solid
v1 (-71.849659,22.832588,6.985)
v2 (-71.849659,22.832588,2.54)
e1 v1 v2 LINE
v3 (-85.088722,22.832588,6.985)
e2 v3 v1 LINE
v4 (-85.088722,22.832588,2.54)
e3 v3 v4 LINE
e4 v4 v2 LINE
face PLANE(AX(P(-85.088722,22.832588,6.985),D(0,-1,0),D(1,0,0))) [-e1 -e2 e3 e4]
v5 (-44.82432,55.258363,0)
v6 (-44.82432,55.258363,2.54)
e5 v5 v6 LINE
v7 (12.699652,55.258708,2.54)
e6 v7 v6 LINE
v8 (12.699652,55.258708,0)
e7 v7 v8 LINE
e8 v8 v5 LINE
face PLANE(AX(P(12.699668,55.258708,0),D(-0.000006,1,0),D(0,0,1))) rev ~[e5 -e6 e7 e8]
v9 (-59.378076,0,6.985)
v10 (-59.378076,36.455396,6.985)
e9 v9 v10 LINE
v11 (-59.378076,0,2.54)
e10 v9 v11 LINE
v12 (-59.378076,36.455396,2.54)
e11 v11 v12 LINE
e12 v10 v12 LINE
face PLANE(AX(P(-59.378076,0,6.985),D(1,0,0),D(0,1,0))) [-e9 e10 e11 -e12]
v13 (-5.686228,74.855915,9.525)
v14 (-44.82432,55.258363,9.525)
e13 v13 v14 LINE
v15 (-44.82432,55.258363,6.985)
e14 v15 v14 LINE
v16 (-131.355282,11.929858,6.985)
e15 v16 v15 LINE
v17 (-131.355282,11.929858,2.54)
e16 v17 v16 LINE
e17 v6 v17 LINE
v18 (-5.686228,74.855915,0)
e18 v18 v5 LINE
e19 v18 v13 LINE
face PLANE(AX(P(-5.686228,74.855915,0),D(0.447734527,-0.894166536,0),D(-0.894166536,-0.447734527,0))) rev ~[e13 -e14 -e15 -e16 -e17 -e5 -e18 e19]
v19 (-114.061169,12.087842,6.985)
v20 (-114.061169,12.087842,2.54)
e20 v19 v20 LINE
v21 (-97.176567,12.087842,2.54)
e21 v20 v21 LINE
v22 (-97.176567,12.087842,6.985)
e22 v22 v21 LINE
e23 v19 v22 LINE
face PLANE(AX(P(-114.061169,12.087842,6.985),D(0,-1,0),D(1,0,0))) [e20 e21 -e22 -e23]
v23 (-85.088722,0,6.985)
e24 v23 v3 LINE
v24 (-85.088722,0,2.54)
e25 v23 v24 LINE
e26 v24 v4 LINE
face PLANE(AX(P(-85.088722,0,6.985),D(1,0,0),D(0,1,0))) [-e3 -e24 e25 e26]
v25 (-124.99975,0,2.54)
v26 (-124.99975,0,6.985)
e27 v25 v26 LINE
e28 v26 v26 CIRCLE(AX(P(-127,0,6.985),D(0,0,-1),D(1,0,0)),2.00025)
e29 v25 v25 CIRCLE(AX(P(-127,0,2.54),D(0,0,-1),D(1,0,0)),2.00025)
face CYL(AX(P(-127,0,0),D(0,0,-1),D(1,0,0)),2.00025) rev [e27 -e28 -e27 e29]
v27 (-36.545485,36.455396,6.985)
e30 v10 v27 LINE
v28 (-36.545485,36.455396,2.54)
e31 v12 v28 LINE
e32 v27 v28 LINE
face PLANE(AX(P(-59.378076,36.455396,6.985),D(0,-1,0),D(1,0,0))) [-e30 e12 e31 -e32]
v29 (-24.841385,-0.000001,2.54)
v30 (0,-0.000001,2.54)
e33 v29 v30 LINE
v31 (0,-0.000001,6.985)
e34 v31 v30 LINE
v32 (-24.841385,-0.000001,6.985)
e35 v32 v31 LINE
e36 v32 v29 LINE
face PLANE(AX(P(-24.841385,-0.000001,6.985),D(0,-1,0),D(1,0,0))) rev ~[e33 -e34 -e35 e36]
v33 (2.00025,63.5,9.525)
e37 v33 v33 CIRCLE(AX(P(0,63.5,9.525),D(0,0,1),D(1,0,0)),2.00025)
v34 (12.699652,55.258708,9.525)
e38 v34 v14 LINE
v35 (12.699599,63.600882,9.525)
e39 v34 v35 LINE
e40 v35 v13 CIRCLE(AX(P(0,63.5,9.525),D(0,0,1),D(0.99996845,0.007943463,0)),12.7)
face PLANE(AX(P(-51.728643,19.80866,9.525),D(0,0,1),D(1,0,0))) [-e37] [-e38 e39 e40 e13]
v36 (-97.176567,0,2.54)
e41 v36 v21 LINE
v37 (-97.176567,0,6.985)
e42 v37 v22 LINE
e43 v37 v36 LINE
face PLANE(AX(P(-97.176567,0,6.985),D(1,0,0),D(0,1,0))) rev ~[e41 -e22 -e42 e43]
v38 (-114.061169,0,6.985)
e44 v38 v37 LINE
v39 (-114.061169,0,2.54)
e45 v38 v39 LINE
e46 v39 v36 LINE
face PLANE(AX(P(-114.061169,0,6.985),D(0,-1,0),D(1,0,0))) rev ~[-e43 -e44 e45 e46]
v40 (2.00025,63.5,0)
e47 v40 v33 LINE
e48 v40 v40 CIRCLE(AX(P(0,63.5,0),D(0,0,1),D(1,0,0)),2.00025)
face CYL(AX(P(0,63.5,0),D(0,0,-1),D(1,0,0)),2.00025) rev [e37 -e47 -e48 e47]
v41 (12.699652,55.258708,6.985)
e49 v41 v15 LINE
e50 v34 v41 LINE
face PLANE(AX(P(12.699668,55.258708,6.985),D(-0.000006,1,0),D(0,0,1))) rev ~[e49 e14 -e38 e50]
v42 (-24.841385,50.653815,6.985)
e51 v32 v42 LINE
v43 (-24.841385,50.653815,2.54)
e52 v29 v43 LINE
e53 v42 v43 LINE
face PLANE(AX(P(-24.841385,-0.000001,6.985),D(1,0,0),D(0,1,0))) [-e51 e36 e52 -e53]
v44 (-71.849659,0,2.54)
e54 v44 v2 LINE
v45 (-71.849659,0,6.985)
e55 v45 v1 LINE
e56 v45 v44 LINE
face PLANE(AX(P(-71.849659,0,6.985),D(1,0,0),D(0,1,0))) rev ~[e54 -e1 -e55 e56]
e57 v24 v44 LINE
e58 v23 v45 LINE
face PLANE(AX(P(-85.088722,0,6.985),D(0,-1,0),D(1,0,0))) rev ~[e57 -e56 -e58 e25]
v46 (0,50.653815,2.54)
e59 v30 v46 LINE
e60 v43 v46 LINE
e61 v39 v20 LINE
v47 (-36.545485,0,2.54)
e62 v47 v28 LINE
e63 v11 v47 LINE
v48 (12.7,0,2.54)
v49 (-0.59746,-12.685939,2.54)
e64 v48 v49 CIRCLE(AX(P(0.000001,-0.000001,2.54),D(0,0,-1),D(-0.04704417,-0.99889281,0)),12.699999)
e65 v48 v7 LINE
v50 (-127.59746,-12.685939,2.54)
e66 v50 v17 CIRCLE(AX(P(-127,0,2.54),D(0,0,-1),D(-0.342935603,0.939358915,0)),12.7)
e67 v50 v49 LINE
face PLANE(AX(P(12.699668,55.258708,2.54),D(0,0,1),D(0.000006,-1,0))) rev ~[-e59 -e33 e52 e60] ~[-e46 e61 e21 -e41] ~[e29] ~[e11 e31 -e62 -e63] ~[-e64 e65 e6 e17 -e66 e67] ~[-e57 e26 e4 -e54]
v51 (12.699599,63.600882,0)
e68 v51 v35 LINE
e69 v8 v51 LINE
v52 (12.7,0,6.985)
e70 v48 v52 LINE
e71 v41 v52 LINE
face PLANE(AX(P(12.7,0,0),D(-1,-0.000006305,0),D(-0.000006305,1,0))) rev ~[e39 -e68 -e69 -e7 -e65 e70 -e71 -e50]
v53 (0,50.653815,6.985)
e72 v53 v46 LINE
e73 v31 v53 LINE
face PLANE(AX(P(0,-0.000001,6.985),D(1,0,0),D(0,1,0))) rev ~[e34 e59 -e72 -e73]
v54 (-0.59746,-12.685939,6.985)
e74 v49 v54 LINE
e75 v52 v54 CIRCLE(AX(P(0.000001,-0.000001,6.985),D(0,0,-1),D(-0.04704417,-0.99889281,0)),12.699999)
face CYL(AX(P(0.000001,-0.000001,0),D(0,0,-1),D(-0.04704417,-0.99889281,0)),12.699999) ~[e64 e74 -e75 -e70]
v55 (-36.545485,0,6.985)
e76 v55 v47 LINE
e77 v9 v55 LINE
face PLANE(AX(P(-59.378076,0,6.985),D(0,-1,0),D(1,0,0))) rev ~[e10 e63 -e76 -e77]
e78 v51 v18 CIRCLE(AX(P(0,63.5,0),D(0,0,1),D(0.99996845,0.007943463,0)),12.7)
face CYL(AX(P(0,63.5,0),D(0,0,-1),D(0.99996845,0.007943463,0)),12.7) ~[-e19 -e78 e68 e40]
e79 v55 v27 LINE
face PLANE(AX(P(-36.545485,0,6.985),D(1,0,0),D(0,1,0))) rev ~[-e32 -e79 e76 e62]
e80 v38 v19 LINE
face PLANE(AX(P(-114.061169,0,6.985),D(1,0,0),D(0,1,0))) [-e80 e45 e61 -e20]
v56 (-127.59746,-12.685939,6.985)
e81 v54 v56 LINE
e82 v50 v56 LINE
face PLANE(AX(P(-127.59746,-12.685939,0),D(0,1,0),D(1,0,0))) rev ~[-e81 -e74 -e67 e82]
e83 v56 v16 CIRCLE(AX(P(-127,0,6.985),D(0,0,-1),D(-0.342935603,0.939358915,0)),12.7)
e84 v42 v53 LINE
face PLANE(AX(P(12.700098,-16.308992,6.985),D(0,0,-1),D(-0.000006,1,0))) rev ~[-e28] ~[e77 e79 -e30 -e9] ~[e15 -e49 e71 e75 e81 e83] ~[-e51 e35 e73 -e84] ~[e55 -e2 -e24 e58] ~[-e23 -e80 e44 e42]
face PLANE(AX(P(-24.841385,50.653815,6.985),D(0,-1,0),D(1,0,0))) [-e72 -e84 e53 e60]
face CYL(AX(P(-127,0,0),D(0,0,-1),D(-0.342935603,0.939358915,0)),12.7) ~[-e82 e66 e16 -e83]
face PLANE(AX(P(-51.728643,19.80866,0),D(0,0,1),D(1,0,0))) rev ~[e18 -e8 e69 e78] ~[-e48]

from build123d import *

# Parameters (mm, degrees)
F0_R     = 2.00025
F1_DEPTH = 9.525
F2_W     = 55.258708
F2_H     = 2.54
F2_W_2   = 16.308993
F3_DEPTH = 152.40108
F4_W     = 16.884602
F4_H     = 12.087842
F4_W_2   = 13.239063
F4_H_2   = 22.832589
F4_W_3   = 22.832591
F4_H_3   = 36.455397
F4_W_4   = 24.841385
F4_H_4   = 50.653815
F5_DEPTH = 25.4


with BuildPart() as f1:
    # F0 (on Top) → F1 (new body)
    with BuildSketch(Plane.XY):
        with BuildLine():
            Line((12.7, 0), (12.699599, 63.600882))
            ThreePointArc((12.699599, 63.600882), (6.63067, 74.33163), (-5.686228, 74.855915))
            Line((-5.686228, 74.855915), (-131.355282, 11.929858))
            ThreePointArc((-131.355282, 11.929858), (-139.554552, -1.916565), (-127.59746, -12.685939))
            Line((-127.59746, -12.685939), (-0.59746, -12.685939))
            ThreePointArc((-0.59746, -12.685939), (8.766478, -9.189063), (12.7, 0))
        make_face()
        with Locations((-127, 0)):
            Circle(F0_R, mode=Mode.SUBTRACT)
        with Locations((0, 63.5)):
            Circle(F0_R, mode=Mode.SUBTRACT)
    extrude(amount=F1_DEPTH)

    # F2 (on face) → F3 (cut, through all)
    with BuildSketch(Plane(origin=(12.7, 8e-05, 0), x_dir=(-6e-06, 1, 0), z_dir=(1, 6e-06, 0))):
        with Locations((27.629274, 8.255)):
            Rectangle(F2_W, F2_H)
        with Locations((27.629274, 1.27)):
            Rectangle(F2_W, F2_H)
        with Locations((-8.154576, 1.27)):
            Rectangle(F2_W_2, F2_H)
        with Locations((-8.154576, 8.255)):
            Rectangle(F2_W_2, F2_H)
    extrude(amount=-F3_DEPTH, mode=Mode.SUBTRACT)

    # F4 (on face) → F5 (cut)
    with BuildSketch(Plane.XY.offset(6.985)):
        with Locations((-105.618868, 6.043921)):
            Rectangle(F4_W, F4_H)
        with Locations((-78.46919, 11.416294)):
            Rectangle(F4_W_2, F4_H_2)
        with Locations((-47.961781, 18.227698)):
            Rectangle(F4_W_3, F4_H_3)
        with Locations((-12.420692, 25.326907)):
            Rectangle(F4_W_4, F4_H_4)
    extrude(amount=-F5_DEPTH, mode=Mode.SUBTRACT)


solid = f1.part
